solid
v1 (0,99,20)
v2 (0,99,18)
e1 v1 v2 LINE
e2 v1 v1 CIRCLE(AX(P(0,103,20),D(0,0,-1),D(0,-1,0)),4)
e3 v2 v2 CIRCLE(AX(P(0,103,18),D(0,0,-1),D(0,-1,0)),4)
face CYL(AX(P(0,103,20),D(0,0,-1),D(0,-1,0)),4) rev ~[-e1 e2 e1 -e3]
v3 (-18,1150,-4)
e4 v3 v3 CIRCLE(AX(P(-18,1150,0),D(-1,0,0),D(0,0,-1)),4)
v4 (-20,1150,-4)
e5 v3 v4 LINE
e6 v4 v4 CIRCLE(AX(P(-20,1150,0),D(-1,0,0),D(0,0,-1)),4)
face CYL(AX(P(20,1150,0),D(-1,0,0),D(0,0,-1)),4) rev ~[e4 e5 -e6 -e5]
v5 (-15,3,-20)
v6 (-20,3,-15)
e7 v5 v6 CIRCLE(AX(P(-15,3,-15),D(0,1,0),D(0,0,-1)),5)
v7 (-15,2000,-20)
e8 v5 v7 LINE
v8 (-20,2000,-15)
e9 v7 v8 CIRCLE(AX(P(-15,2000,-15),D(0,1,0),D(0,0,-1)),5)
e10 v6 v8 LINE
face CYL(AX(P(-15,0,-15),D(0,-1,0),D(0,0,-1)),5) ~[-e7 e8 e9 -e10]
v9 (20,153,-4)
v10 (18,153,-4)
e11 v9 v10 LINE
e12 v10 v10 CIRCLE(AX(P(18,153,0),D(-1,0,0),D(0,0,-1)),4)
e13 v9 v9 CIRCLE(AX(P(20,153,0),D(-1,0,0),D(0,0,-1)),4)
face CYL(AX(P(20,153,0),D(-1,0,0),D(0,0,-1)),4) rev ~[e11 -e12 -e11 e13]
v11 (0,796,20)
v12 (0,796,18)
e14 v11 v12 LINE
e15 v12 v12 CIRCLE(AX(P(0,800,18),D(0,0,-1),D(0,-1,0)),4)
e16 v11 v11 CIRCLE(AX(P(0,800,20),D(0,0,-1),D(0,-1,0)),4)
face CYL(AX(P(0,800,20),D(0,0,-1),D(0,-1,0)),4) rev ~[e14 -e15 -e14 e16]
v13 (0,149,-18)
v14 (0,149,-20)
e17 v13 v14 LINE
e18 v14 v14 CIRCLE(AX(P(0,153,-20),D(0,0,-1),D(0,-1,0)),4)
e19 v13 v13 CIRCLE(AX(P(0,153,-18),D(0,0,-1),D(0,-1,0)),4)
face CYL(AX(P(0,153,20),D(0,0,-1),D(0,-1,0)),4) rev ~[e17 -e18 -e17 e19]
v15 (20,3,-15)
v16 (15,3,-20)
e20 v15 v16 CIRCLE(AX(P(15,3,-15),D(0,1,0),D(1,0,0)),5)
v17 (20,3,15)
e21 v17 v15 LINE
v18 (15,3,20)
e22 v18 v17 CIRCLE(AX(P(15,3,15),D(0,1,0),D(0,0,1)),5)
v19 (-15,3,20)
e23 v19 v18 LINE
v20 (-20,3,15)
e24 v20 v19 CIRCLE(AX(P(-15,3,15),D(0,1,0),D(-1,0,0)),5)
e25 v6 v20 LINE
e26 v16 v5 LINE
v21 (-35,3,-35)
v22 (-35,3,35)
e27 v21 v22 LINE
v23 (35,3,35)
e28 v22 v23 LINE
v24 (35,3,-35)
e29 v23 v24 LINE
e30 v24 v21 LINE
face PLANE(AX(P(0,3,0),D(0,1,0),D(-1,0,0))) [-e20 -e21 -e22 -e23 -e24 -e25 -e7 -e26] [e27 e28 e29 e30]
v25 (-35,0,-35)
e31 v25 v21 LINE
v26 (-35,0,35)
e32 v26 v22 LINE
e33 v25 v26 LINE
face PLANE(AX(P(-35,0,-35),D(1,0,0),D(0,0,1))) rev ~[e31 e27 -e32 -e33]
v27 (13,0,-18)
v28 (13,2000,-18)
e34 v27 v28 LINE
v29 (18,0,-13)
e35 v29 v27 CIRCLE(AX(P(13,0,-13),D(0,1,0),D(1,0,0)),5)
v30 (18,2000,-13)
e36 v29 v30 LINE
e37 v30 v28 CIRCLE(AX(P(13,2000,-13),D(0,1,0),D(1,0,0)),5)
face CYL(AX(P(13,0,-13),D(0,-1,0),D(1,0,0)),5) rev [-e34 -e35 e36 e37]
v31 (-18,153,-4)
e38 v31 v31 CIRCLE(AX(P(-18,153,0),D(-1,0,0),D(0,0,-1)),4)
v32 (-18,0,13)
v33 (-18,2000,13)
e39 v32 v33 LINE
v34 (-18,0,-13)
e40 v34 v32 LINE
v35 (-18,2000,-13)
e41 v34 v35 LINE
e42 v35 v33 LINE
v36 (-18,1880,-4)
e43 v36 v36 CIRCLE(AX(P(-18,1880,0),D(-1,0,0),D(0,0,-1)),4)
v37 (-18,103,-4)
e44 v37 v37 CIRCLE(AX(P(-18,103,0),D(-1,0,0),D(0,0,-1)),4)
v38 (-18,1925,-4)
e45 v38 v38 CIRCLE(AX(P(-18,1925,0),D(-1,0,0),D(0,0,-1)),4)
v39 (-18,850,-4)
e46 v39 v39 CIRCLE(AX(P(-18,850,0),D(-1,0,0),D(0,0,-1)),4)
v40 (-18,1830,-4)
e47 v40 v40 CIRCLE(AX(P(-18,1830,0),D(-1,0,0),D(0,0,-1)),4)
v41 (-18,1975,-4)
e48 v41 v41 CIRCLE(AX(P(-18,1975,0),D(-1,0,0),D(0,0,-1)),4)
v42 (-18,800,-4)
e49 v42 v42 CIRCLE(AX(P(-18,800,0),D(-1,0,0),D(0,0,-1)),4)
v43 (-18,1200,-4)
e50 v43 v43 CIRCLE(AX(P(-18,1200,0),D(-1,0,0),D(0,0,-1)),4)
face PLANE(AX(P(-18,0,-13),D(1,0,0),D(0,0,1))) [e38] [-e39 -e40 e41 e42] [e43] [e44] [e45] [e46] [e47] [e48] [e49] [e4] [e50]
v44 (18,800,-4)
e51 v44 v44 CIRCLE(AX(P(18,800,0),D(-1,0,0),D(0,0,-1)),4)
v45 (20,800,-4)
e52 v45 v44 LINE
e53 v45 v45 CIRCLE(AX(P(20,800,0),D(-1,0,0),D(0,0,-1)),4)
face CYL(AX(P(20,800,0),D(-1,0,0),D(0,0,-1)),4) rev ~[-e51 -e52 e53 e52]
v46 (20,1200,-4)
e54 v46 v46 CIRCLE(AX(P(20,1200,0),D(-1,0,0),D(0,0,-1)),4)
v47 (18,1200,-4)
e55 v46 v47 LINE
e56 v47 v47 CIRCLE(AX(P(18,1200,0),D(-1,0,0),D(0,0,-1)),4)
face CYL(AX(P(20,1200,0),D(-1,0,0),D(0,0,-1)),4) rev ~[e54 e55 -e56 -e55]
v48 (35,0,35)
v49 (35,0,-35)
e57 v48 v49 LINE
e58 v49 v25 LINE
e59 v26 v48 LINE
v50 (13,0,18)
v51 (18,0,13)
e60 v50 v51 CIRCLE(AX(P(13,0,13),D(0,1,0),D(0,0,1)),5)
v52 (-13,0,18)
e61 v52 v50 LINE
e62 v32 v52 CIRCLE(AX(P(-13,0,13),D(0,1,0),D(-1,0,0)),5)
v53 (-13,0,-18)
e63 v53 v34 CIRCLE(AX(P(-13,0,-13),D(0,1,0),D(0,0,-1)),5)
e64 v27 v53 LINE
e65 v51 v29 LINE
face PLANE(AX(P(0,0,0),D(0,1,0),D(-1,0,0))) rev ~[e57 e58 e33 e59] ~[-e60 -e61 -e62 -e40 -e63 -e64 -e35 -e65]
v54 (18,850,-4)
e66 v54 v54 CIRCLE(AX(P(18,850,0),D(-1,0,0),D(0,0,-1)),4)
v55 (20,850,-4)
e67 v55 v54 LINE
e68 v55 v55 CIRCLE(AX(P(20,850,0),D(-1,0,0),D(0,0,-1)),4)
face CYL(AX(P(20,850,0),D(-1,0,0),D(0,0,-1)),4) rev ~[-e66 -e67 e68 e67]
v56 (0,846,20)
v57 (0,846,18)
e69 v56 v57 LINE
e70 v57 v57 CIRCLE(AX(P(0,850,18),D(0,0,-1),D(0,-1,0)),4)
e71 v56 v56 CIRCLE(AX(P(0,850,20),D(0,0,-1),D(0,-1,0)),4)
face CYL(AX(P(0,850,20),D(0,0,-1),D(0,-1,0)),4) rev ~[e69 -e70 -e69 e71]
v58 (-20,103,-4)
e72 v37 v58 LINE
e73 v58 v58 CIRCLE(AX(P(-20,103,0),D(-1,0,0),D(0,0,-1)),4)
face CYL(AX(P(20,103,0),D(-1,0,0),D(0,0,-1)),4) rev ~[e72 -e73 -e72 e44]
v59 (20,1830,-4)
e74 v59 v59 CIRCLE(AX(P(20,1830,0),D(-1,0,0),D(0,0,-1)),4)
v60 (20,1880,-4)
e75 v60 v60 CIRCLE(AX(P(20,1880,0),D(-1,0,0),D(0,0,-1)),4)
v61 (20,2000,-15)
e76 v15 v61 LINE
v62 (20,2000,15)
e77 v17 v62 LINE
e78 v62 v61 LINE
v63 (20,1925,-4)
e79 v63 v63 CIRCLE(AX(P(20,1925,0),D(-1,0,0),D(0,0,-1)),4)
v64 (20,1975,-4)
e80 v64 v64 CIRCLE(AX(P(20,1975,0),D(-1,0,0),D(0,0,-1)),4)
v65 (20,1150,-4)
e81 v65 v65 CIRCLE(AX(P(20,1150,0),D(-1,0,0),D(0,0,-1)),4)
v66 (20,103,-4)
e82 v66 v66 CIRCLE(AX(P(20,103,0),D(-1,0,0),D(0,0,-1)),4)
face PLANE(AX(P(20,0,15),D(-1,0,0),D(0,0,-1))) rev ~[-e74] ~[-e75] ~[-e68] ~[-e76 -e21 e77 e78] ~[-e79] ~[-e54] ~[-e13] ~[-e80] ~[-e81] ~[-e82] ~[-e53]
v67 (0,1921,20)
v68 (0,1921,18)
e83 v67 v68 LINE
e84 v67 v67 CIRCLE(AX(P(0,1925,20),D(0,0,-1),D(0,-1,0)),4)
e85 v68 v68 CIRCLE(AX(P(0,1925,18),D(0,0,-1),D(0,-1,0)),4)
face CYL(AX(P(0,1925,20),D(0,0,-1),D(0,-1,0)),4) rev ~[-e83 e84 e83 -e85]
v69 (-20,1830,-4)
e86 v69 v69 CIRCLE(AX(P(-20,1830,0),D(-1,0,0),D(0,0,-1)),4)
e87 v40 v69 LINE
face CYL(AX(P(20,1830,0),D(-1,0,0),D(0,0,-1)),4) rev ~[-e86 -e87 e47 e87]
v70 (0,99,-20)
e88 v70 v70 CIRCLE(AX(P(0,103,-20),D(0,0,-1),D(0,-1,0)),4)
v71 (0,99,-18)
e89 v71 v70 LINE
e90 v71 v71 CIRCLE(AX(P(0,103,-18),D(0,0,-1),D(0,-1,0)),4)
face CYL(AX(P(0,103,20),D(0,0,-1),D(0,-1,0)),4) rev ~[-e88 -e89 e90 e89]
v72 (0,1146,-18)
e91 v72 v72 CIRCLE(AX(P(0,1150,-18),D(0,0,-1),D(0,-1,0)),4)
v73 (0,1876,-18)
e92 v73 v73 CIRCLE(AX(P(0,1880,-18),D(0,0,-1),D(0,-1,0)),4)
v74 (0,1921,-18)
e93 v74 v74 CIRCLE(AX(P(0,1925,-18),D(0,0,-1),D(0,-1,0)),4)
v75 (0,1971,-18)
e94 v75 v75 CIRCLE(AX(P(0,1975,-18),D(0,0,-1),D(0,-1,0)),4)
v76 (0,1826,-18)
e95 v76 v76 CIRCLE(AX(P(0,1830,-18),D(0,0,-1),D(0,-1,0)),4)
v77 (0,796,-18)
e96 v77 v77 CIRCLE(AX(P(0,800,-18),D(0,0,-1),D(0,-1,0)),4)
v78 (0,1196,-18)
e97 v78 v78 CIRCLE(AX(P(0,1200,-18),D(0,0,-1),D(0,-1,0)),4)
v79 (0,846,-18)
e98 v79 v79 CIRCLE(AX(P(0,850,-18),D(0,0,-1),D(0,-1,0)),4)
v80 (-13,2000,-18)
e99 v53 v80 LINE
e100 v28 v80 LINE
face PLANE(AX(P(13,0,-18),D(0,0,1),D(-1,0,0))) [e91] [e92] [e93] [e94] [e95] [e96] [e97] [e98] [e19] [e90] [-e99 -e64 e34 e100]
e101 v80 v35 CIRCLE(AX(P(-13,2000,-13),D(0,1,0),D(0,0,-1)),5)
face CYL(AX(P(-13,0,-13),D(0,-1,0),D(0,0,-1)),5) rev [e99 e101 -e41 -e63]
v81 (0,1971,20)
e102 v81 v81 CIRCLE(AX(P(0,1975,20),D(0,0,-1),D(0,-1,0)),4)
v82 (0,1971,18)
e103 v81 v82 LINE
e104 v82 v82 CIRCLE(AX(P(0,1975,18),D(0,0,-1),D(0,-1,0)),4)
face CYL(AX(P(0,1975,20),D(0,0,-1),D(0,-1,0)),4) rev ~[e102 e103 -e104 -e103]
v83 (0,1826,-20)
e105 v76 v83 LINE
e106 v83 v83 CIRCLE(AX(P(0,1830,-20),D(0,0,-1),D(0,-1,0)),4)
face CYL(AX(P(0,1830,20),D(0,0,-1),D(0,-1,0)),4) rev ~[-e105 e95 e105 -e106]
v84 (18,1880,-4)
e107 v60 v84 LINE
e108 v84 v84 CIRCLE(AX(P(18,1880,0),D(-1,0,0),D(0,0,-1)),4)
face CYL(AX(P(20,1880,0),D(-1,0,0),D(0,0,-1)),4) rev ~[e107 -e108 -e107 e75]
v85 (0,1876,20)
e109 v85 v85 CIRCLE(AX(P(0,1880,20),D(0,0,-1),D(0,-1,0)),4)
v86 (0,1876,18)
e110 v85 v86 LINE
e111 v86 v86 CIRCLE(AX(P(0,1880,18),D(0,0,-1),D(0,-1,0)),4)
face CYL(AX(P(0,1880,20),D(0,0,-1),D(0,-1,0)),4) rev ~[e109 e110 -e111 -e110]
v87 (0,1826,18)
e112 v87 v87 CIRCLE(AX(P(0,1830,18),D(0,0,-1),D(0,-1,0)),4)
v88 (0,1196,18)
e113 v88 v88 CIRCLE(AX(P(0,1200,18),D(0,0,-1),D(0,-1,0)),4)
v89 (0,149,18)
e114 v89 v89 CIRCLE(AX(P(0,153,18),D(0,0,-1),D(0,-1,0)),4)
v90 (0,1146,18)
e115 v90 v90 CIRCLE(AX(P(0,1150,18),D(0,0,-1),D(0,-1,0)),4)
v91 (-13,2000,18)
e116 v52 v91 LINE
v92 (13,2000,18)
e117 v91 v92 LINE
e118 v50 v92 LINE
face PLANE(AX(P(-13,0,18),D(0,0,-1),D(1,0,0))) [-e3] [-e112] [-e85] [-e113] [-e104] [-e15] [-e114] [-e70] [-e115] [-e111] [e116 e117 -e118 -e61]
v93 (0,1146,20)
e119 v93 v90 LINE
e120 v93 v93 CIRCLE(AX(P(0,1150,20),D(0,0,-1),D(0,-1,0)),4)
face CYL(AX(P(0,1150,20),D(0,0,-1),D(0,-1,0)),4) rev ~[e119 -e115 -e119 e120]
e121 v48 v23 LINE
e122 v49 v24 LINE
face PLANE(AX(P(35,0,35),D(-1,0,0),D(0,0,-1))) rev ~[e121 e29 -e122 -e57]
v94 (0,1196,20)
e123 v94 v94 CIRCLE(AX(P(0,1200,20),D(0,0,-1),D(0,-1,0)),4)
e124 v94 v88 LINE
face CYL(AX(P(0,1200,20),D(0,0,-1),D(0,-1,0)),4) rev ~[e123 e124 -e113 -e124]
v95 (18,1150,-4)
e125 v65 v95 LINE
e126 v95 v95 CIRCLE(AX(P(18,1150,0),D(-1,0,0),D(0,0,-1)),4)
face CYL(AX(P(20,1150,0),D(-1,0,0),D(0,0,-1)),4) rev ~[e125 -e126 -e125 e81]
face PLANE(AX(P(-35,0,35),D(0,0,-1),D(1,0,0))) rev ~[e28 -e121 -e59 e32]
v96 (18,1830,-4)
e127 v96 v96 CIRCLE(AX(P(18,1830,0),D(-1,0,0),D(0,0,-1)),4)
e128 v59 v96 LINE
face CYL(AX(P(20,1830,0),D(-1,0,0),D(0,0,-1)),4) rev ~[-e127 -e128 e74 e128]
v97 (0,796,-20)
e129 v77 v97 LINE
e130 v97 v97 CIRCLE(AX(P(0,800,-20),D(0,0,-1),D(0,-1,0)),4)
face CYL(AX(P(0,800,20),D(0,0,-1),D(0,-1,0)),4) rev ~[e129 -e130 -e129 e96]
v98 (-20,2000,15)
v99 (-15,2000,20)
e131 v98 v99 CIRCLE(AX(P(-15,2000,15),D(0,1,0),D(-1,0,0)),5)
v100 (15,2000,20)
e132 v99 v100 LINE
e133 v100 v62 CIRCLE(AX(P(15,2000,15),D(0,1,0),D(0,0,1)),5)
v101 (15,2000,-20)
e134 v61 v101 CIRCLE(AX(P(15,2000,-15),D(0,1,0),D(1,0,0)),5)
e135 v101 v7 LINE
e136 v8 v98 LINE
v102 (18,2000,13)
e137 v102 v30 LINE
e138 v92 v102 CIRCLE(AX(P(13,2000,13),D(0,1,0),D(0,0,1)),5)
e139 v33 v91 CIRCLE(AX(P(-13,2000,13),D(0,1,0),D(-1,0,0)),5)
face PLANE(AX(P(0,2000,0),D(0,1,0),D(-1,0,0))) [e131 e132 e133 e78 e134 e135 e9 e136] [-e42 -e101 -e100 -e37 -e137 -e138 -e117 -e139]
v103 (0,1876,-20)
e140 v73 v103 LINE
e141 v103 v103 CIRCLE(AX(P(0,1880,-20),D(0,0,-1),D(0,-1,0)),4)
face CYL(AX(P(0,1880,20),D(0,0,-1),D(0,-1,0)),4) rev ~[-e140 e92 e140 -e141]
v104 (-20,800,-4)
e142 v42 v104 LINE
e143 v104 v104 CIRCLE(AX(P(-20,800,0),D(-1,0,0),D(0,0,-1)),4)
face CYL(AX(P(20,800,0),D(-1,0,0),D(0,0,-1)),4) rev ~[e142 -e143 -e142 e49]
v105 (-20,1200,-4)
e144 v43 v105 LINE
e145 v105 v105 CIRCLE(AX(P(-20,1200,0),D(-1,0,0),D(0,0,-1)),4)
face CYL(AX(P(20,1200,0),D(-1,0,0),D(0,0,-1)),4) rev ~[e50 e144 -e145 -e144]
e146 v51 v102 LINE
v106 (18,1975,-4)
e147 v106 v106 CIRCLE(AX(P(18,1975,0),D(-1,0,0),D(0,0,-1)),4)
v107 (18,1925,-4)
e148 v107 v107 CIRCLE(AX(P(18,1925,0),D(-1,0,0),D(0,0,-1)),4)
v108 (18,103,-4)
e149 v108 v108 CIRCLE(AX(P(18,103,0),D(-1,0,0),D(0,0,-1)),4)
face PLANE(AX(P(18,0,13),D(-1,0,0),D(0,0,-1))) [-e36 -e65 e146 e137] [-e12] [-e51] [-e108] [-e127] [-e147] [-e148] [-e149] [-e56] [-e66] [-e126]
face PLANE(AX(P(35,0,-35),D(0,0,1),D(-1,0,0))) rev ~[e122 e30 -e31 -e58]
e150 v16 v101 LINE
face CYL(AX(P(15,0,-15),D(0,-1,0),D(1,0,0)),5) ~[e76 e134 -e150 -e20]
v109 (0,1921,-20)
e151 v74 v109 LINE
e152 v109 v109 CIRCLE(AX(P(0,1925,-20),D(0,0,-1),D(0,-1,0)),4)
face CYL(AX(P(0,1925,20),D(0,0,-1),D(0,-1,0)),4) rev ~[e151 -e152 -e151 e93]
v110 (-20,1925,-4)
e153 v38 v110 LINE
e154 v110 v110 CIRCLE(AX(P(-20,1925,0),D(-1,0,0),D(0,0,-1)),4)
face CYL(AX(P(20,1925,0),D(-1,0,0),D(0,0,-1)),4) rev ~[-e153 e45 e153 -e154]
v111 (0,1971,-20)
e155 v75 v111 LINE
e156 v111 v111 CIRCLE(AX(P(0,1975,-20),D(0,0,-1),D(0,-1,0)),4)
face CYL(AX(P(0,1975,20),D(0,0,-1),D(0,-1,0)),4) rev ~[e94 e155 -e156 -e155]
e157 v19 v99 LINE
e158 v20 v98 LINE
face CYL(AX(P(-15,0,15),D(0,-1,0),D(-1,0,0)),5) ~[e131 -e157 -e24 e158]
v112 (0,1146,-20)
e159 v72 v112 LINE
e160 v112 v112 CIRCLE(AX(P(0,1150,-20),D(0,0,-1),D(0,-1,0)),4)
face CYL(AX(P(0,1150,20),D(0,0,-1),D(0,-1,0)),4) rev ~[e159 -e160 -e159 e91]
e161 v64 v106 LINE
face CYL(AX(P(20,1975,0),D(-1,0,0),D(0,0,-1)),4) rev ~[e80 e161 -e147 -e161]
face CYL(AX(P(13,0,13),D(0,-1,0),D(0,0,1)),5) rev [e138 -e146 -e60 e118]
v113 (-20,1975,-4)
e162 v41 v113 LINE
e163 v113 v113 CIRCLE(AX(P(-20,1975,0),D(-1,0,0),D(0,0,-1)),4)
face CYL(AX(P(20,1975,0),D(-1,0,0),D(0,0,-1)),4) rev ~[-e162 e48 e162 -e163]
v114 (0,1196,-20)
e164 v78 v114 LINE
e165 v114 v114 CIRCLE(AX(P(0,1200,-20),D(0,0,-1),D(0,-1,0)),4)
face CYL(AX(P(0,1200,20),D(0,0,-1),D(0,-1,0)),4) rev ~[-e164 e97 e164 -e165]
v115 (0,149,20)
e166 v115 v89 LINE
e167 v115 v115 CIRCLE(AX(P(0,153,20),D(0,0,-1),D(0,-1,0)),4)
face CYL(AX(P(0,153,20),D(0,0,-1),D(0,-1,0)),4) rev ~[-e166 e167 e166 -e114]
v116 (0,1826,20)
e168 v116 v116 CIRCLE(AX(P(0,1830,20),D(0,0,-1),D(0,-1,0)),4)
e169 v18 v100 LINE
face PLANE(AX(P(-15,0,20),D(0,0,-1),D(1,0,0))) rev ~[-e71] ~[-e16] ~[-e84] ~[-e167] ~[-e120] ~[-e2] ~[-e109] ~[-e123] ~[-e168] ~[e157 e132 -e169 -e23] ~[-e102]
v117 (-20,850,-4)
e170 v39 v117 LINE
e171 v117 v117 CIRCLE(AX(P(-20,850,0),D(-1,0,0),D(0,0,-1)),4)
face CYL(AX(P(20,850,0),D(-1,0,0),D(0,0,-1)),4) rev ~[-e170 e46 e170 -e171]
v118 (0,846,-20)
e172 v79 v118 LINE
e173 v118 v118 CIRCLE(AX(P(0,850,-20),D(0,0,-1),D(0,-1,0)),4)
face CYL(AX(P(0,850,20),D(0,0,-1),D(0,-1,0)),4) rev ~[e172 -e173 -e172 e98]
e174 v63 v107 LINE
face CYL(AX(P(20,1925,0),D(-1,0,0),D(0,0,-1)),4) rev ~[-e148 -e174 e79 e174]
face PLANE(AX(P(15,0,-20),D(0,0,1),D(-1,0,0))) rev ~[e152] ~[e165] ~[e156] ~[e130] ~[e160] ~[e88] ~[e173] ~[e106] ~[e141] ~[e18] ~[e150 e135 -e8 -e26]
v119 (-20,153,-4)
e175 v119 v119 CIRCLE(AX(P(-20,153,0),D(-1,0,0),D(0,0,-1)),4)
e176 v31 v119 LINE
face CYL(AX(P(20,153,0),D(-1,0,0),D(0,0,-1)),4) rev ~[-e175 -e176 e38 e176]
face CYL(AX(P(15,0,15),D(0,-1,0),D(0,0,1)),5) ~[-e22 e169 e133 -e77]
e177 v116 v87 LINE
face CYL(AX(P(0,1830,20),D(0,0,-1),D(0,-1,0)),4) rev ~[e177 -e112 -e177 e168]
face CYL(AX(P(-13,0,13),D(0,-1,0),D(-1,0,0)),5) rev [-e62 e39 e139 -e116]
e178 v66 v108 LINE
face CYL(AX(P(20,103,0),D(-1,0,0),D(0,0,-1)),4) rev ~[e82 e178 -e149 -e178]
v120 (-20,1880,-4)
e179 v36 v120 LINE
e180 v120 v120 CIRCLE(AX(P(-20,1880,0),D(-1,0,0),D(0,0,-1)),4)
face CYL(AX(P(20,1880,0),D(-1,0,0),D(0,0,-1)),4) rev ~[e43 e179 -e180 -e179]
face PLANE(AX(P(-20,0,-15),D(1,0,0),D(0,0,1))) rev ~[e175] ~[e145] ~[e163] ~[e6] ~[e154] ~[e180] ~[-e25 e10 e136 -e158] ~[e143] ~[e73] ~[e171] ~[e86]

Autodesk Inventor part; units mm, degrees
ref_plane "YZ Plane" through (0, 0, 0) normal (1, 0, 0) x (0, 1, 0)
ref_plane "XZ Plane" through (0, 0, 0) normal (0, 1, 0) x (-1, 0, 0)
ref_plane "XY Plane" through (0, 0, 0) normal (0, 0, 1) x (1, 0, 0)
sketch "Sketch1" plane through (0, 0, 0) normal (0, 1, 0) x (-1, 0, 0)
  line L0 (15, 20) -> (-15, 20)
  line L1 (-20, 15) -> (-20, -15)
  line L2 (-15, -20) -> (15, -20)
  line L3 (20, -15) -> (20, 15)
  line L4 (20, 20) -> (-20, -20) construction
  line L5 (-20, 20) -> (20, -20) construction
  line L6 (13, 18) -> (-13, 18)
  line L7 (-18, 13) -> (-18, -13)
  line L8 (-13, -18) -> (13, -18)
  line L9 (18, -13) -> (18, 13)
  line L10 (18, 18) -> (-18, -18) construction
  line L11 (-18, 18) -> (18, -18) construction
  line L12 (35, 35) -> (-35, 35)
  line L13 (-35, 35) -> (-35, -35)
  line L14 (-35, -35) -> (35, -35)
  line L15 (35, -35) -> (35, 35)
  line L16 (35, 35) -> (-35, -35) construction
  line L17 (-35, 35) -> (35, -35) construction
  arc A0 (20, 15) -> (15, 20) centre (15, 15) ccw
  arc A1 (18, 13) -> (13, 18) centre (13, 13) ccw
  arc A2 (13, -18) -> (18, -13) centre (13, -13) ccw
  arc A3 (15, -20) -> (20, -15) centre (15, -15) ccw
  arc A4 (-13, 18) -> (-18, 13) centre (-13, 13) ccw
  arc A5 (-15, 20) -> (-20, 15) centre (-15, 15) ccw
  arc A6 (-20, -15) -> (-15, -20) centre (-15, -15) ccw
  arc A7 (-18, -13) -> (-13, -18) centre (-13, -13) ccw
  point P0 (0, 0)
  dimension "d0" = 40
  dimension "d1" = 40
  dimension "d2" = 36
  dimension "d3" = 36
  dimension "d4" = 70
  dimension "d5" = 70
  dimension "d6" = 5
extrude "Extrusion1" add sketch "Sketch1" along normal blind 3 contours L15 L14 L13 L12
extrude "Extrusion2" add sketch "Sketch1" along normal blind 2000 contours A0 L3 A3 L2 A6 L1 A5 L0
sketch "Sketch2" plane through (20, 3, -15) normal (1, 0, 0) x (0, 0, -1)
  line L0 (-30, 0) -> (-30, 1997) projected
  line L1 (-30, 1997) -> (0, 1997) projected
  point P0 (-15, -3)
  point P1 (-15, 1197)
  point P2 (-15, 1147)
  dimension "d18" = 50
  dimension "d19" = 15
  dimension "d20" = 15
  dimension "d21" = 800
hole "Hole1" at (20, 1200, 0) at (20, 1150, 0) direction (-1, 0, 0) diameter 8 end through all
sketch "Sketch3" plane through (15, 3, 20) normal (0, 0, 1) x (1, 0, 0)
  line L0 (-30, 0) -> (-30, 1997) projected
  line L1 (-30, 1997) -> (0, 1997) projected
  point P0 (-15, -3)
  point P1 (-15, 1197)
  point P2 (-15, 1147)
  dimension "d29" = 50
  dimension "d30" = 15
  dimension "d31" = 15
  dimension "d32" = 800
hole "Hole2" at (0, 1200, 20) at (0, 1150, 20) direction (0, 0, -1) diameter 8 end through all
sketch "Sketch4" plane through (20, 3, -15) normal (1, 0, 0) x (0, 0, -1)
  line L0 (-30, 0) -> (-30, 1997) projected
  line L1 (0, 0) -> (-30, 0) projected
  point P0 (-15, -3)
  point P1 (-15, 150)
  point P2 (-15, 100)
  dimension "d40" = 50
  dimension "d41" = 15
  dimension "d42" = 15
  dimension "d43" = 100
hole "Hole3" at (20, 153, 0) at (20, 103, 0) direction (-1, 0, 0) diameter 8 end through all
sketch "Sketch5" plane through (15, 3, 20) normal (0, 0, 1) x (1, 0, 0)
  line L0 (0, 0) -> (0, 1997) projected
  line L1 (0, 0) -> (-30, 0) projected
  point P0 (-15, -3)
  point P1 (-15, 150)
  point P2 (-15, 100)
  dimension "d51" = 50
  dimension "d52" = 15
  dimension "d53" = 15
  dimension "d54" = 100
hole "Hole4" at (0, 153, 20) at (0, 103, 20) direction (0, 0, -1) diameter 8 end through all
sketch "Sketch6" plane through (15, 3, 20) normal (0, 0, 1) x (1, 0, 0)
  line L0 (-30, 1997) -> (0, 1997) projected
  line L1 (-30, 0) -> (-30, 1997) projected
  point P0 (-15, -3)
  point P1 (-15, 1972)
  point P2 (-15, 1922)
  dimension "d62" = 50
  dimension "d63" = 25
  dimension "d64" = 15
  dimension "d65" = 15
hole "Hole5" at (0, 1975, 20) at (0, 1925, 20) direction (0, 0, -1) diameter 8 end through all
sketch "Sketch7" plane through (20, 3, -15) normal (1, 0, 0) x (0, 0, -1)
  line L0 (-30, 1997) -> (0, 1997) projected
  line L1 (-30, 0) -> (-30, 1997) projected
  point P0 (-15, -3)
  point P1 (-15, 1972)
  point P2 (-15, 1922)
  dimension "d73" = 25
  dimension "d74" = 50
  dimension "d75" = 15
  dimension "d76" = 15
hole "Hole6" at (20, 1975, 0) at (20, 1925, 0) direction (-1, 0, 0) diameter 8 end through all
sketch "Sketch9" plane through (20, 3, -15) normal (1, 0, 0) x (0, 0, -1)
  line L0 (0, 0) -> (0, 1997) projected
  circle A0 centre (-15, 1147) radius 4 projected
  point P0 (-15, -3)
  point P1 (-15, 847)
  point P2 (-15, 797)
  dimension "d95" = 50
  dimension "d96" = 15
  dimension "d97" = 15
  dimension "d98" = 300
hole "Hole8" at (20, 850, 0) at (20, 800, 0) direction (-1, 0, 0) diameter 8 end through all
sketch "Sketch10" plane through (15, 3, 20) normal (0, 0, 1) x (1, 0, 0)
  line L0 (0, 0) -> (0, 1997) projected
  circle A0 centre (-15, 1147) radius 4 projected
  point P0 (-15, -3)
  point P1 (-15, 847)
  point P2 (-15, 797)
  dimension "d106" = 50
  dimension "d107" = 15
  dimension "d108" = 15
  dimension "d109" = 300
hole "Hole9" at (0, 850, 20) at (0, 800, 20) direction (0, 0, -1) diameter 8 end through all
sketch "Sketch11" plane through (15, 3, 20) normal (0, 0, 1) x (1, 0, 0)
  line L0 (0, 0) -> (0, 1997) projected
  line L1 (-30, 1997) -> (0, 1997) projected
  point P0 (-15, -3)
  point P1 (-15, 1877)
  point P2 (-15, 1827)
  dimension "d117" = 50
  dimension "d118" = 15
  dimension "d119" = 15
  dimension "d120" = 120
hole "Hole10" at (0, 1880, 20) at (0, 1830, 20) direction (0, 0, -1) diameter 8 end through all
sketch "Sketch12" plane through (20, 3, -15) normal (1, 0, 0) x (0, 0, -1)
  line L0 (0, 0) -> (0, 1997) projected
  line L1 (-30, 1997) -> (0, 1997) projected
  point P0 (-15, -3)
  point P1 (-15, 1877)
  point P2 (-15, 1827)
  dimension "d128" = 50
  dimension "d129" = 15
  dimension "d130" = 15
  dimension "d131" = 120
hole "Hole11" at (20, 1880, 0) at (20, 1830, 0) direction (-1, 0, 0) diameter 8 end through all
properties part number "metal supporter"
